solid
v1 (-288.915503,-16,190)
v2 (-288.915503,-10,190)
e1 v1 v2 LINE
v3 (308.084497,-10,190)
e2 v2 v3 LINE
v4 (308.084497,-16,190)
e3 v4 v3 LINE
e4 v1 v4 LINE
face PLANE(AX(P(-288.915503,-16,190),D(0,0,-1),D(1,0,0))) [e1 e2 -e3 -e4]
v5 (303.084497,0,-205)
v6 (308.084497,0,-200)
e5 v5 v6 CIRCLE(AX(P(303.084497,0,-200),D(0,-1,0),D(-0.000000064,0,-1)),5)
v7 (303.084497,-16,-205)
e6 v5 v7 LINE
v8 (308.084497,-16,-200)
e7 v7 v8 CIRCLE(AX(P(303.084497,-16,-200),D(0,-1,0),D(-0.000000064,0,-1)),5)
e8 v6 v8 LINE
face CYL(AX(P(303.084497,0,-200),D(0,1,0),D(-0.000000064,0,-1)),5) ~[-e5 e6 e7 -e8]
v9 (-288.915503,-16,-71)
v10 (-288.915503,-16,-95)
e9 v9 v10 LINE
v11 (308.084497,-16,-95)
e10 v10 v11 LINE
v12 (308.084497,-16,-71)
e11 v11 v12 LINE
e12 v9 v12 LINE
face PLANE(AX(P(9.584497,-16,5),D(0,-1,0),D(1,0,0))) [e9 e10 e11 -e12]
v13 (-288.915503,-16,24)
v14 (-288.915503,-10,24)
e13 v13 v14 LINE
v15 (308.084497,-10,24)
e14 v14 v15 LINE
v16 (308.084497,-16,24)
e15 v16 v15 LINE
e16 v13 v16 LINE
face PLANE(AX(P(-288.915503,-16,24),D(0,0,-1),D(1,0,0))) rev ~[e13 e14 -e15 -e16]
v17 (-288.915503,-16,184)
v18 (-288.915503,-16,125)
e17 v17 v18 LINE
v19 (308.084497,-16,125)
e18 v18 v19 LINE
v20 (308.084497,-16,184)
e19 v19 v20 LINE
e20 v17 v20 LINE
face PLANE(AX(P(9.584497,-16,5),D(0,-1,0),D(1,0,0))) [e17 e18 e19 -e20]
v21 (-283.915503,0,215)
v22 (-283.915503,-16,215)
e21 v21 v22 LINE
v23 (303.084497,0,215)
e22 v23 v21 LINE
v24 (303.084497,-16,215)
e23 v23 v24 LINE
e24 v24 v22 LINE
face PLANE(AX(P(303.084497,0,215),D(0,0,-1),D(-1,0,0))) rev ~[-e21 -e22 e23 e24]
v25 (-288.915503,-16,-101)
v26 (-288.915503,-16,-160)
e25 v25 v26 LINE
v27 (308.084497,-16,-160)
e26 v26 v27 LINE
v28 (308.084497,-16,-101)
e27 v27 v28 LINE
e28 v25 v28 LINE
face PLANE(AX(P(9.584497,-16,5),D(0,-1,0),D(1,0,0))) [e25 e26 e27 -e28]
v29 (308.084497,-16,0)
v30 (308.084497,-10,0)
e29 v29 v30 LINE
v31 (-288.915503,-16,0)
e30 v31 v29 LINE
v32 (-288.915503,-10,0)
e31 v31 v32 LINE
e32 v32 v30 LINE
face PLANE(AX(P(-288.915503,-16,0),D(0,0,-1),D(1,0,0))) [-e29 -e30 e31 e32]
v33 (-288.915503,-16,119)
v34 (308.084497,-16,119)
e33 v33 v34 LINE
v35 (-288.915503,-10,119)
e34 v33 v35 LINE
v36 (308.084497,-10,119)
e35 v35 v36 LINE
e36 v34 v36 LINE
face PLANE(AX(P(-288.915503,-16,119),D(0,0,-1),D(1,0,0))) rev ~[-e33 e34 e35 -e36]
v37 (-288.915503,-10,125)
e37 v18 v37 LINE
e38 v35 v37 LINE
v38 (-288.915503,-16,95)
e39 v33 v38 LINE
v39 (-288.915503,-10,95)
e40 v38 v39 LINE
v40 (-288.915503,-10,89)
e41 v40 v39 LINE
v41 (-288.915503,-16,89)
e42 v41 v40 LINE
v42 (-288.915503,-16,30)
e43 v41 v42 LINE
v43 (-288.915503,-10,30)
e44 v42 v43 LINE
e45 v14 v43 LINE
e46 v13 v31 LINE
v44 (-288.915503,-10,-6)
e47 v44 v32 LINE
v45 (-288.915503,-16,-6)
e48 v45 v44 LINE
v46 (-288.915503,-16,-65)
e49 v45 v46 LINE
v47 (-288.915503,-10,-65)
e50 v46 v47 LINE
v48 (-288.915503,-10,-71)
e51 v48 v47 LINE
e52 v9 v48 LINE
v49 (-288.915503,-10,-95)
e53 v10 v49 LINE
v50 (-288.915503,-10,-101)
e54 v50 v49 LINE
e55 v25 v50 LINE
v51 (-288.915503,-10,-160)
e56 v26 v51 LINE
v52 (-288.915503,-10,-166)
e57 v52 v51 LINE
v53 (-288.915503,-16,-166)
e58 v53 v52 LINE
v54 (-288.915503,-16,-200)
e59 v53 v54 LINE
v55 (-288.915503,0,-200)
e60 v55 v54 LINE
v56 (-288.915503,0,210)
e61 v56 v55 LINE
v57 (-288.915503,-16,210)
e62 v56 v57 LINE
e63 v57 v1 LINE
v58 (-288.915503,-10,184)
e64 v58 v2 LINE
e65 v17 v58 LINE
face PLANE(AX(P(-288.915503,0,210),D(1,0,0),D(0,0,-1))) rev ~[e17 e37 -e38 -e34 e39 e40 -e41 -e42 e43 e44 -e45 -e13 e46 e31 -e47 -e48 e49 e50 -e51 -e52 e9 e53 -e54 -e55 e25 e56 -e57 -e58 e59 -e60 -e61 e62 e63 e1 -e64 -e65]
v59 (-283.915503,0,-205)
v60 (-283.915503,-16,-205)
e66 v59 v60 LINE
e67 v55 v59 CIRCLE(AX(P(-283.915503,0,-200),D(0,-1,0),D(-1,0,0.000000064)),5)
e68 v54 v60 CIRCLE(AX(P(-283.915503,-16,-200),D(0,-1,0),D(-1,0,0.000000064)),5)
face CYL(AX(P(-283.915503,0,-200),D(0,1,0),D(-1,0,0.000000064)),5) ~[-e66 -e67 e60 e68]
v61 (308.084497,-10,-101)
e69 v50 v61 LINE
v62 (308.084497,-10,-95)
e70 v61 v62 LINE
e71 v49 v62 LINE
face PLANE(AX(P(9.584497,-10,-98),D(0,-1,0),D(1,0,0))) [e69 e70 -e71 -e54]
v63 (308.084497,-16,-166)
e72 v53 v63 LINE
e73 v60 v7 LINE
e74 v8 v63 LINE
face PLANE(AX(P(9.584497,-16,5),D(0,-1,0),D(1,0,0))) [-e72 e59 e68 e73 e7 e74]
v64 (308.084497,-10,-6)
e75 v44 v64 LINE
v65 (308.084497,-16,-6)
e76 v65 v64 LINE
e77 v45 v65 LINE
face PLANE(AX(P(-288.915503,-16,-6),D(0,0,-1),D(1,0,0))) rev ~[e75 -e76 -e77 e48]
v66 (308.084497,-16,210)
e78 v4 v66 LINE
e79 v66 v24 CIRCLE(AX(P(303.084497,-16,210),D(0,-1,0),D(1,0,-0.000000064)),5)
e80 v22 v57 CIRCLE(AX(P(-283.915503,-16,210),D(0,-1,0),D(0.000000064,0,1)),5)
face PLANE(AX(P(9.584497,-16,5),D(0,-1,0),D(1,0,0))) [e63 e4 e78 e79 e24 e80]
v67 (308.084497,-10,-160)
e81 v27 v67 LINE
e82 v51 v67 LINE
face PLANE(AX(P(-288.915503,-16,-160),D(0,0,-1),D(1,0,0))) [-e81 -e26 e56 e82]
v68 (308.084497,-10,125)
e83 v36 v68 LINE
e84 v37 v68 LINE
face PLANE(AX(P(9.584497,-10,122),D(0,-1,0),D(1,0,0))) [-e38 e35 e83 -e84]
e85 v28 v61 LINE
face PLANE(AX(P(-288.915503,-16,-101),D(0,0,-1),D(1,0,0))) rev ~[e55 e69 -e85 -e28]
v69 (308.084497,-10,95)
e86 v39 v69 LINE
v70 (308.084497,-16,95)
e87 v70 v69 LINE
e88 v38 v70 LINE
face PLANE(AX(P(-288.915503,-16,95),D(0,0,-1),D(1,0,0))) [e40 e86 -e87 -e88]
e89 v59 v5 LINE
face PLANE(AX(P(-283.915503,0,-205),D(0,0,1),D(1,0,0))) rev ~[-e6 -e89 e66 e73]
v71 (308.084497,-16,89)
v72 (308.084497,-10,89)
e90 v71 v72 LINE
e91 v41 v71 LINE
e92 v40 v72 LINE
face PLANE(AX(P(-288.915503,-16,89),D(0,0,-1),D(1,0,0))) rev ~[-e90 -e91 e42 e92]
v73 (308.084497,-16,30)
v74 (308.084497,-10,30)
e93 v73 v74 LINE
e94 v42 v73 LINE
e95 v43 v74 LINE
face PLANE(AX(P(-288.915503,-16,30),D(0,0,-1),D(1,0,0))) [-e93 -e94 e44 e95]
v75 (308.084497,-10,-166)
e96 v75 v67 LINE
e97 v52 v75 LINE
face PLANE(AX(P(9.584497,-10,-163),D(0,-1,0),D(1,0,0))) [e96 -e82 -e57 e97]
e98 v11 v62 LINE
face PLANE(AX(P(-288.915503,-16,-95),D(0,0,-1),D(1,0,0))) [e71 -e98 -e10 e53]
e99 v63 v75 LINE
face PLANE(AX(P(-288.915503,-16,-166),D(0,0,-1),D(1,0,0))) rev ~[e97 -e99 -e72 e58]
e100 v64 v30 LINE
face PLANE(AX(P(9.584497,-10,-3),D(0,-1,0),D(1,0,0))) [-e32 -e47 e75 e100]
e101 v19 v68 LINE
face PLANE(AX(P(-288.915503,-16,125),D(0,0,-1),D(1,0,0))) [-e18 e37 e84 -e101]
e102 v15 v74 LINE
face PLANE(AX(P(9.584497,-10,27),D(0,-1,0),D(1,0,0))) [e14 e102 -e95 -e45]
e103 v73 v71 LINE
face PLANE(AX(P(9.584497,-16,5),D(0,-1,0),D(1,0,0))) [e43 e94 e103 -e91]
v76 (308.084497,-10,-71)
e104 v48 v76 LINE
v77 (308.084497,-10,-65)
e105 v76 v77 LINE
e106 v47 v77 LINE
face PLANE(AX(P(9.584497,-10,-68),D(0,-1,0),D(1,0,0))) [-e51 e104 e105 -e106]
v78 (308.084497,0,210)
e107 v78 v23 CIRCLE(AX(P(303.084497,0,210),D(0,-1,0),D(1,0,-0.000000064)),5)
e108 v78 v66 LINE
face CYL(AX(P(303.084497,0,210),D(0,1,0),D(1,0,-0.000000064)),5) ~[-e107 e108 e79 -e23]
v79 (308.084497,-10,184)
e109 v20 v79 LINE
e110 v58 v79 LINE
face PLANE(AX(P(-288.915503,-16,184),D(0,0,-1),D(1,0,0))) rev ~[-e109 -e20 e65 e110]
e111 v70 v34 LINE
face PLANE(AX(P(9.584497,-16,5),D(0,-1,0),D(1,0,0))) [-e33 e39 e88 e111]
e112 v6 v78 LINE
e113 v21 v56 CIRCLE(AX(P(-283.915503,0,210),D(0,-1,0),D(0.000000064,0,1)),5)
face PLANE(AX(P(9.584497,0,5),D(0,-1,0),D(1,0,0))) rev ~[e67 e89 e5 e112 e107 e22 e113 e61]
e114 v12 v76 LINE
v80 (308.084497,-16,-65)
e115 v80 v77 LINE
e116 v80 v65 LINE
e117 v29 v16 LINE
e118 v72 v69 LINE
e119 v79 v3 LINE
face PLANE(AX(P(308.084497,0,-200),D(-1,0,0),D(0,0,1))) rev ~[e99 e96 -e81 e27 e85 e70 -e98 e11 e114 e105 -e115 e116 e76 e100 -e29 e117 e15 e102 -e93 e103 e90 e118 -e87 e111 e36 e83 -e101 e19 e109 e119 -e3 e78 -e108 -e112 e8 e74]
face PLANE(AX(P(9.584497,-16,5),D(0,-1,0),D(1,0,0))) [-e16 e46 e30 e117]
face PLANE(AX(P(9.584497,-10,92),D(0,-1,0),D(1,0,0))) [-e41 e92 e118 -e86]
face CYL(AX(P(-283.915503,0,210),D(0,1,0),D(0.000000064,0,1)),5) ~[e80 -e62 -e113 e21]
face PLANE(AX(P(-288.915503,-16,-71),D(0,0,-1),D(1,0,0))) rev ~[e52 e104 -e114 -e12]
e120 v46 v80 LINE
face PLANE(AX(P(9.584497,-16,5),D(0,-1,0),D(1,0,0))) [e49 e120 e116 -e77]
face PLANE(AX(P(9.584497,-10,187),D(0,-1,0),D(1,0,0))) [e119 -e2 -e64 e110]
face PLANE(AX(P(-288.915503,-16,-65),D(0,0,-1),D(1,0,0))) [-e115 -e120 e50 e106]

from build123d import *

# Parameters (mm, degrees)
F1_DEPTH = 16
F2_W     = 597
F2_H     = 6
F3_DEPTH = 6


with BuildPart() as f1:
    # F0 (on Front) → F1 (new body)
    with BuildSketch(Plane.XZ):
        with BuildLine():
            Line((-283.915503, -205), (303.084497, -205))
            ThreePointArc((303.084497, -205), (306.620031, -203.535534), (308.084497, -200))
            Line((308.084497, -200), (308.084497, 210))
            ThreePointArc((308.084497, 210), (306.620031, 213.535534), (303.084497, 215))
            Line((303.084497, 215), (-283.915503, 215))
            ThreePointArc((-283.915503, 215), (-287.451037, 213.535534), (-288.915503, 210))
            Line((-288.915503, 210), (-288.915503, -200))
            ThreePointArc((-288.915503, -200), (-287.451037, -203.535534), (-283.915503, -205))
        make_face()
    extrude(amount=F1_DEPTH)

    # F2 (on face) → F3 (cut)
    with BuildSketch(Plane.XZ.offset(16)):
        with Locations((9.584497, 187)):
            Rectangle(F2_W, F2_H)
        with Locations((9.584497, 122)):
            Rectangle(F2_W, F2_H)
        with Locations((9.584497, 92)):
            Rectangle(F2_W, F2_H)
        with Locations((9.584497, -3)):
            Rectangle(F2_W, F2_H)
        with Locations((9.584497, -68)):
            Rectangle(F2_W, F2_H)
        with Locations((9.584497, -98)):
            Rectangle(F2_W, F2_H)
        with Locations((9.584497, 27)):
            Rectangle(F2_W, F2_H)
        with Locations((9.584497, -163)):
            Rectangle(F2_W, F2_H)
    extrude(amount=-F3_DEPTH, mode=Mode.SUBTRACT)


solid = f1.part
